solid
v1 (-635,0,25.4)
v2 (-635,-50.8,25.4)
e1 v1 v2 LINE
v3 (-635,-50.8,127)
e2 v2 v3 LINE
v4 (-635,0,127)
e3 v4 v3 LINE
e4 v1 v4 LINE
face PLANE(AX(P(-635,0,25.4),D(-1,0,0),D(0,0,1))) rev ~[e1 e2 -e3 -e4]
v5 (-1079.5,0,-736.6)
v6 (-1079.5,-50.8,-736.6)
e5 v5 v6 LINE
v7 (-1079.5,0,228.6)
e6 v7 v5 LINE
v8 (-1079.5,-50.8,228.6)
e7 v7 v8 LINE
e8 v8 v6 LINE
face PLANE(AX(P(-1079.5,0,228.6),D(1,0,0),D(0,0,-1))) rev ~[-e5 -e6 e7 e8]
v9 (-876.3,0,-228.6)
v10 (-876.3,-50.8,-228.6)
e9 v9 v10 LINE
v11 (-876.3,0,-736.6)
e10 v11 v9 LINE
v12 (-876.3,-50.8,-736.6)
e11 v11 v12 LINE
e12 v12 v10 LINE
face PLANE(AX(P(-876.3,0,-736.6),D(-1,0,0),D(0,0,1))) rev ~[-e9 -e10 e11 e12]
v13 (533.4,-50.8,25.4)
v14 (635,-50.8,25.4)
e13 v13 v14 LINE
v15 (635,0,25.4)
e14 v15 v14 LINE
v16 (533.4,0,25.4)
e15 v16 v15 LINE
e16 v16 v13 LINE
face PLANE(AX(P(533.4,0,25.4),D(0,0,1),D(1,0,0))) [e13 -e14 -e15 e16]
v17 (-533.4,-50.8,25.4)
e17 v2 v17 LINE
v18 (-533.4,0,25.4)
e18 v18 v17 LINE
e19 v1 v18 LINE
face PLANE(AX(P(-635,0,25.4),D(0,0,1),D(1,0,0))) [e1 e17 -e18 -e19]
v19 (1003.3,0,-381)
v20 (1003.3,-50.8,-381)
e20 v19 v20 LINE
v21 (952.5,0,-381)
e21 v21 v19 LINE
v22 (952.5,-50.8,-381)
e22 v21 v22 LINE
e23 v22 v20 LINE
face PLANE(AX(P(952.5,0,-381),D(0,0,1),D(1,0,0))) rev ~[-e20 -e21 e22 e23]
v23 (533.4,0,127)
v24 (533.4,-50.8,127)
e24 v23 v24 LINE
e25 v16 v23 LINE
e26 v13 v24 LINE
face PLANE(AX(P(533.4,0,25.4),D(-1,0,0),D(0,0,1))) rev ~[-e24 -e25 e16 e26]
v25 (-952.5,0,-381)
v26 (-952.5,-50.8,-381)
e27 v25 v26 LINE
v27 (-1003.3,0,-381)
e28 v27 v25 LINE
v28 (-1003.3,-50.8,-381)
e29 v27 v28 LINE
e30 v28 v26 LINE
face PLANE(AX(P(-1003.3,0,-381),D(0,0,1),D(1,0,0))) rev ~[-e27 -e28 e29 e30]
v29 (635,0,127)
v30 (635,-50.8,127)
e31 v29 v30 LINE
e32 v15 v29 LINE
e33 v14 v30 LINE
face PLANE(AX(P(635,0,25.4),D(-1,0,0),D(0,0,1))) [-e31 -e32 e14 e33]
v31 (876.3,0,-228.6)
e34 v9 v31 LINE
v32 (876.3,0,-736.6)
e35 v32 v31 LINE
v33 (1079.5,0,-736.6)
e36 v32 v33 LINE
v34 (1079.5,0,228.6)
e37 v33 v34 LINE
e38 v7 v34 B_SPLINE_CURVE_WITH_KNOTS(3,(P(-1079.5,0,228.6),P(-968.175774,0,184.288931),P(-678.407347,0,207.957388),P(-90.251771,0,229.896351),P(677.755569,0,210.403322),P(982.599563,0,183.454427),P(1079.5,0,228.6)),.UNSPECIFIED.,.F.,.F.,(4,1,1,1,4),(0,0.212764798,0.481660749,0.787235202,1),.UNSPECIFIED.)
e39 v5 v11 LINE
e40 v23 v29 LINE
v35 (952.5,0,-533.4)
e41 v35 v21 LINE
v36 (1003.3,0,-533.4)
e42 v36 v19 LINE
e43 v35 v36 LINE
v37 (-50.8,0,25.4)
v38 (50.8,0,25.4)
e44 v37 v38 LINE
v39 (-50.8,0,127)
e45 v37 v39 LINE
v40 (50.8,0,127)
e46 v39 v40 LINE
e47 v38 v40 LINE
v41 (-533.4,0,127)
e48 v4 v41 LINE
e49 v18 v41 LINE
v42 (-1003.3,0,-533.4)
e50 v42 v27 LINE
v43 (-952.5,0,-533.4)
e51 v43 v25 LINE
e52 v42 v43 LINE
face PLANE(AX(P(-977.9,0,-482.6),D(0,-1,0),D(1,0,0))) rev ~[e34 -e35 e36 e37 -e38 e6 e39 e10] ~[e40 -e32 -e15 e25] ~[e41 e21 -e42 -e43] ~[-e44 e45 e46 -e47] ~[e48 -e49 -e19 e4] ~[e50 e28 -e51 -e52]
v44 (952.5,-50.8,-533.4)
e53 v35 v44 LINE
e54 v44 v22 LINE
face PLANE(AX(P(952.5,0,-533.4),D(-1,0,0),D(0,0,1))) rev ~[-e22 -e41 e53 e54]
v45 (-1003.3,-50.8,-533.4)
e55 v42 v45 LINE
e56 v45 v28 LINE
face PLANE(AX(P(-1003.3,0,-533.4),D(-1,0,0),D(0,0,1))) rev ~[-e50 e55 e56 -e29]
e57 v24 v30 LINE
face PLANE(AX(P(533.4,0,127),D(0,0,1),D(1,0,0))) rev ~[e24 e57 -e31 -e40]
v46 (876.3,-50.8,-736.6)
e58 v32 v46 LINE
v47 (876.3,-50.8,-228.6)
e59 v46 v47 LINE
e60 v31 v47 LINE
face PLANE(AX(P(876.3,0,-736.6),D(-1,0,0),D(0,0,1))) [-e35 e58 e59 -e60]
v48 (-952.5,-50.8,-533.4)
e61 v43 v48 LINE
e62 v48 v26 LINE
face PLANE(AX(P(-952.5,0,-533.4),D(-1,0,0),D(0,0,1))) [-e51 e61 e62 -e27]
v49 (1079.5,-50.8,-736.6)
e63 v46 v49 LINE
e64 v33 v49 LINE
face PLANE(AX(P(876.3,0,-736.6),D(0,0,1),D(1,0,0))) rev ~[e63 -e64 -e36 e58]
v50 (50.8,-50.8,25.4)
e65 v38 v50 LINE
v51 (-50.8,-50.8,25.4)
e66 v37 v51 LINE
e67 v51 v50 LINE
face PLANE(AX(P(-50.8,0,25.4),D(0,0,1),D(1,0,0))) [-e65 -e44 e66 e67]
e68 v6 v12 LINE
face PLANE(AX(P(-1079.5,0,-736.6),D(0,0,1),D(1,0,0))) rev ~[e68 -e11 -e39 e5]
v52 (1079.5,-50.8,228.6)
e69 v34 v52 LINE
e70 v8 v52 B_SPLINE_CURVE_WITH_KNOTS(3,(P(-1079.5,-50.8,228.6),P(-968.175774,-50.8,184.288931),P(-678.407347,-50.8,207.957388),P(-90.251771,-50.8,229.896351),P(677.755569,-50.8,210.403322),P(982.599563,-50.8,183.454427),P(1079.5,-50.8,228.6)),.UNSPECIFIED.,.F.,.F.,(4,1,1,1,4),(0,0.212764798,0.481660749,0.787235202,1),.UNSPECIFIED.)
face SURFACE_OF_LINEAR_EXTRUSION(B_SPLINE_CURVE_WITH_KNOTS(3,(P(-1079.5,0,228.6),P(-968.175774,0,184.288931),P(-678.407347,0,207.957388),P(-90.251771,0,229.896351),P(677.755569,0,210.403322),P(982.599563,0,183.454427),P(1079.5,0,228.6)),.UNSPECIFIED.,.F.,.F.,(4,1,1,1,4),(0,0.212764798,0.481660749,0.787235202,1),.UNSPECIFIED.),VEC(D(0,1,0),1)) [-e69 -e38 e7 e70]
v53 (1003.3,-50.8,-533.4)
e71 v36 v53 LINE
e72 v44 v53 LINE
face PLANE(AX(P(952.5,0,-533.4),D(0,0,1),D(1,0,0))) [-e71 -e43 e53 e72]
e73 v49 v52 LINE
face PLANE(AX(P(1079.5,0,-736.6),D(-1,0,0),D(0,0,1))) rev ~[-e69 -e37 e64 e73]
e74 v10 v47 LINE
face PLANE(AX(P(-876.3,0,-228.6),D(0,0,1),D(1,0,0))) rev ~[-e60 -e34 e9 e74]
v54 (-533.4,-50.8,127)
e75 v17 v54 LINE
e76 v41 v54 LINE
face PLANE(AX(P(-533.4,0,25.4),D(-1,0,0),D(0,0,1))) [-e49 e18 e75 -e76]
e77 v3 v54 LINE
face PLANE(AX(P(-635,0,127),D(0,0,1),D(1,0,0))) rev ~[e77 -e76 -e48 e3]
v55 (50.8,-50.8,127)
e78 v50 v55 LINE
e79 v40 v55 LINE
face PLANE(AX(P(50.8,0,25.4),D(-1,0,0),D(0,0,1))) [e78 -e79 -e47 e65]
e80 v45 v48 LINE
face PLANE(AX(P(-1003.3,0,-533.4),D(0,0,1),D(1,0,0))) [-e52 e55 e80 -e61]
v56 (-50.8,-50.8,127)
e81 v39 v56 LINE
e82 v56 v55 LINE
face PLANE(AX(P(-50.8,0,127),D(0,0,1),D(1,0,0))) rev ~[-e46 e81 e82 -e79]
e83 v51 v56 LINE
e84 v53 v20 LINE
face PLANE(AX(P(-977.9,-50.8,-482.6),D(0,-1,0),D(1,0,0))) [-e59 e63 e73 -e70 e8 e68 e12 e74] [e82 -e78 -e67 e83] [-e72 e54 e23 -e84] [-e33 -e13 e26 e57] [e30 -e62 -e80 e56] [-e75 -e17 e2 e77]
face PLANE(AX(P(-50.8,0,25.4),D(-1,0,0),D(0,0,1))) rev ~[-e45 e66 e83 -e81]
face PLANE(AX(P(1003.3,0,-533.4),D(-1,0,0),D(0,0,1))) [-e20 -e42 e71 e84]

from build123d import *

# Parameters (mm, degrees)
F0_W     = 203.2
F0_H     = 508
F0_W_2   = 50.8
F0_H_2   = 152.4
F0_W_3   = 101.6
F0_H_3   = 101.6
F1_DEPTH = 50.8


with BuildPart() as f1:
    # F0 (on Front) → F1 (new body)
    with BuildSketch(Plane.XZ):
        with Locations((-977.9, -482.6)):
            Rectangle(F0_W, F0_H)
        with Locations((-977.9, -457.2)):
            Rectangle(F0_W_2, F0_H_2, mode=Mode.SUBTRACT)
        with Locations((977.9, -482.6)):
            Rectangle(F0_W, F0_H)
        with Locations((977.9, -457.2)):
            Rectangle(F0_W_2, F0_H_2, mode=Mode.SUBTRACT)
        with BuildLine():
            add(Edge.make_bspline(
                [(-1079.5, 228.6), (-968.1757741692, 184.2889311875), (-678.4073473646, 207.95738785), (-90.2517712986, 229.8963509513), (677.7555694837, 210.4033216408), (982.5995632946, 183.4544273595), (1079.5, 228.6)],
                knots=[0, 0, 0, 0, 0.2127647976, 0.4816607486, 0.7872352024, 1, 1, 1, 1], degree=3))
            Line((-1079.5, 228.6), (-1079.5, -228.6))
            Line((-1079.5, -228.6), (-876.3, -228.6))
            Line((-876.3, -228.6), (876.3, -228.6))
            Line((876.3, -228.6), (1079.5, -228.6))
            Line((1079.5, -228.6), (1079.5, 228.6))
        make_face()
        with Locations((-584.2, 76.2)):
            Rectangle(F0_W_3, F0_H_3, mode=Mode.SUBTRACT)
        with Locations((0, 76.2)):
            Rectangle(F0_W_3, F0_H_3, mode=Mode.SUBTRACT)
        with Locations((584.2, 76.2)):
            Rectangle(F0_W_3, F0_H_3, mode=Mode.SUBTRACT)
    extrude(amount=F1_DEPTH)


solid = f1.part
